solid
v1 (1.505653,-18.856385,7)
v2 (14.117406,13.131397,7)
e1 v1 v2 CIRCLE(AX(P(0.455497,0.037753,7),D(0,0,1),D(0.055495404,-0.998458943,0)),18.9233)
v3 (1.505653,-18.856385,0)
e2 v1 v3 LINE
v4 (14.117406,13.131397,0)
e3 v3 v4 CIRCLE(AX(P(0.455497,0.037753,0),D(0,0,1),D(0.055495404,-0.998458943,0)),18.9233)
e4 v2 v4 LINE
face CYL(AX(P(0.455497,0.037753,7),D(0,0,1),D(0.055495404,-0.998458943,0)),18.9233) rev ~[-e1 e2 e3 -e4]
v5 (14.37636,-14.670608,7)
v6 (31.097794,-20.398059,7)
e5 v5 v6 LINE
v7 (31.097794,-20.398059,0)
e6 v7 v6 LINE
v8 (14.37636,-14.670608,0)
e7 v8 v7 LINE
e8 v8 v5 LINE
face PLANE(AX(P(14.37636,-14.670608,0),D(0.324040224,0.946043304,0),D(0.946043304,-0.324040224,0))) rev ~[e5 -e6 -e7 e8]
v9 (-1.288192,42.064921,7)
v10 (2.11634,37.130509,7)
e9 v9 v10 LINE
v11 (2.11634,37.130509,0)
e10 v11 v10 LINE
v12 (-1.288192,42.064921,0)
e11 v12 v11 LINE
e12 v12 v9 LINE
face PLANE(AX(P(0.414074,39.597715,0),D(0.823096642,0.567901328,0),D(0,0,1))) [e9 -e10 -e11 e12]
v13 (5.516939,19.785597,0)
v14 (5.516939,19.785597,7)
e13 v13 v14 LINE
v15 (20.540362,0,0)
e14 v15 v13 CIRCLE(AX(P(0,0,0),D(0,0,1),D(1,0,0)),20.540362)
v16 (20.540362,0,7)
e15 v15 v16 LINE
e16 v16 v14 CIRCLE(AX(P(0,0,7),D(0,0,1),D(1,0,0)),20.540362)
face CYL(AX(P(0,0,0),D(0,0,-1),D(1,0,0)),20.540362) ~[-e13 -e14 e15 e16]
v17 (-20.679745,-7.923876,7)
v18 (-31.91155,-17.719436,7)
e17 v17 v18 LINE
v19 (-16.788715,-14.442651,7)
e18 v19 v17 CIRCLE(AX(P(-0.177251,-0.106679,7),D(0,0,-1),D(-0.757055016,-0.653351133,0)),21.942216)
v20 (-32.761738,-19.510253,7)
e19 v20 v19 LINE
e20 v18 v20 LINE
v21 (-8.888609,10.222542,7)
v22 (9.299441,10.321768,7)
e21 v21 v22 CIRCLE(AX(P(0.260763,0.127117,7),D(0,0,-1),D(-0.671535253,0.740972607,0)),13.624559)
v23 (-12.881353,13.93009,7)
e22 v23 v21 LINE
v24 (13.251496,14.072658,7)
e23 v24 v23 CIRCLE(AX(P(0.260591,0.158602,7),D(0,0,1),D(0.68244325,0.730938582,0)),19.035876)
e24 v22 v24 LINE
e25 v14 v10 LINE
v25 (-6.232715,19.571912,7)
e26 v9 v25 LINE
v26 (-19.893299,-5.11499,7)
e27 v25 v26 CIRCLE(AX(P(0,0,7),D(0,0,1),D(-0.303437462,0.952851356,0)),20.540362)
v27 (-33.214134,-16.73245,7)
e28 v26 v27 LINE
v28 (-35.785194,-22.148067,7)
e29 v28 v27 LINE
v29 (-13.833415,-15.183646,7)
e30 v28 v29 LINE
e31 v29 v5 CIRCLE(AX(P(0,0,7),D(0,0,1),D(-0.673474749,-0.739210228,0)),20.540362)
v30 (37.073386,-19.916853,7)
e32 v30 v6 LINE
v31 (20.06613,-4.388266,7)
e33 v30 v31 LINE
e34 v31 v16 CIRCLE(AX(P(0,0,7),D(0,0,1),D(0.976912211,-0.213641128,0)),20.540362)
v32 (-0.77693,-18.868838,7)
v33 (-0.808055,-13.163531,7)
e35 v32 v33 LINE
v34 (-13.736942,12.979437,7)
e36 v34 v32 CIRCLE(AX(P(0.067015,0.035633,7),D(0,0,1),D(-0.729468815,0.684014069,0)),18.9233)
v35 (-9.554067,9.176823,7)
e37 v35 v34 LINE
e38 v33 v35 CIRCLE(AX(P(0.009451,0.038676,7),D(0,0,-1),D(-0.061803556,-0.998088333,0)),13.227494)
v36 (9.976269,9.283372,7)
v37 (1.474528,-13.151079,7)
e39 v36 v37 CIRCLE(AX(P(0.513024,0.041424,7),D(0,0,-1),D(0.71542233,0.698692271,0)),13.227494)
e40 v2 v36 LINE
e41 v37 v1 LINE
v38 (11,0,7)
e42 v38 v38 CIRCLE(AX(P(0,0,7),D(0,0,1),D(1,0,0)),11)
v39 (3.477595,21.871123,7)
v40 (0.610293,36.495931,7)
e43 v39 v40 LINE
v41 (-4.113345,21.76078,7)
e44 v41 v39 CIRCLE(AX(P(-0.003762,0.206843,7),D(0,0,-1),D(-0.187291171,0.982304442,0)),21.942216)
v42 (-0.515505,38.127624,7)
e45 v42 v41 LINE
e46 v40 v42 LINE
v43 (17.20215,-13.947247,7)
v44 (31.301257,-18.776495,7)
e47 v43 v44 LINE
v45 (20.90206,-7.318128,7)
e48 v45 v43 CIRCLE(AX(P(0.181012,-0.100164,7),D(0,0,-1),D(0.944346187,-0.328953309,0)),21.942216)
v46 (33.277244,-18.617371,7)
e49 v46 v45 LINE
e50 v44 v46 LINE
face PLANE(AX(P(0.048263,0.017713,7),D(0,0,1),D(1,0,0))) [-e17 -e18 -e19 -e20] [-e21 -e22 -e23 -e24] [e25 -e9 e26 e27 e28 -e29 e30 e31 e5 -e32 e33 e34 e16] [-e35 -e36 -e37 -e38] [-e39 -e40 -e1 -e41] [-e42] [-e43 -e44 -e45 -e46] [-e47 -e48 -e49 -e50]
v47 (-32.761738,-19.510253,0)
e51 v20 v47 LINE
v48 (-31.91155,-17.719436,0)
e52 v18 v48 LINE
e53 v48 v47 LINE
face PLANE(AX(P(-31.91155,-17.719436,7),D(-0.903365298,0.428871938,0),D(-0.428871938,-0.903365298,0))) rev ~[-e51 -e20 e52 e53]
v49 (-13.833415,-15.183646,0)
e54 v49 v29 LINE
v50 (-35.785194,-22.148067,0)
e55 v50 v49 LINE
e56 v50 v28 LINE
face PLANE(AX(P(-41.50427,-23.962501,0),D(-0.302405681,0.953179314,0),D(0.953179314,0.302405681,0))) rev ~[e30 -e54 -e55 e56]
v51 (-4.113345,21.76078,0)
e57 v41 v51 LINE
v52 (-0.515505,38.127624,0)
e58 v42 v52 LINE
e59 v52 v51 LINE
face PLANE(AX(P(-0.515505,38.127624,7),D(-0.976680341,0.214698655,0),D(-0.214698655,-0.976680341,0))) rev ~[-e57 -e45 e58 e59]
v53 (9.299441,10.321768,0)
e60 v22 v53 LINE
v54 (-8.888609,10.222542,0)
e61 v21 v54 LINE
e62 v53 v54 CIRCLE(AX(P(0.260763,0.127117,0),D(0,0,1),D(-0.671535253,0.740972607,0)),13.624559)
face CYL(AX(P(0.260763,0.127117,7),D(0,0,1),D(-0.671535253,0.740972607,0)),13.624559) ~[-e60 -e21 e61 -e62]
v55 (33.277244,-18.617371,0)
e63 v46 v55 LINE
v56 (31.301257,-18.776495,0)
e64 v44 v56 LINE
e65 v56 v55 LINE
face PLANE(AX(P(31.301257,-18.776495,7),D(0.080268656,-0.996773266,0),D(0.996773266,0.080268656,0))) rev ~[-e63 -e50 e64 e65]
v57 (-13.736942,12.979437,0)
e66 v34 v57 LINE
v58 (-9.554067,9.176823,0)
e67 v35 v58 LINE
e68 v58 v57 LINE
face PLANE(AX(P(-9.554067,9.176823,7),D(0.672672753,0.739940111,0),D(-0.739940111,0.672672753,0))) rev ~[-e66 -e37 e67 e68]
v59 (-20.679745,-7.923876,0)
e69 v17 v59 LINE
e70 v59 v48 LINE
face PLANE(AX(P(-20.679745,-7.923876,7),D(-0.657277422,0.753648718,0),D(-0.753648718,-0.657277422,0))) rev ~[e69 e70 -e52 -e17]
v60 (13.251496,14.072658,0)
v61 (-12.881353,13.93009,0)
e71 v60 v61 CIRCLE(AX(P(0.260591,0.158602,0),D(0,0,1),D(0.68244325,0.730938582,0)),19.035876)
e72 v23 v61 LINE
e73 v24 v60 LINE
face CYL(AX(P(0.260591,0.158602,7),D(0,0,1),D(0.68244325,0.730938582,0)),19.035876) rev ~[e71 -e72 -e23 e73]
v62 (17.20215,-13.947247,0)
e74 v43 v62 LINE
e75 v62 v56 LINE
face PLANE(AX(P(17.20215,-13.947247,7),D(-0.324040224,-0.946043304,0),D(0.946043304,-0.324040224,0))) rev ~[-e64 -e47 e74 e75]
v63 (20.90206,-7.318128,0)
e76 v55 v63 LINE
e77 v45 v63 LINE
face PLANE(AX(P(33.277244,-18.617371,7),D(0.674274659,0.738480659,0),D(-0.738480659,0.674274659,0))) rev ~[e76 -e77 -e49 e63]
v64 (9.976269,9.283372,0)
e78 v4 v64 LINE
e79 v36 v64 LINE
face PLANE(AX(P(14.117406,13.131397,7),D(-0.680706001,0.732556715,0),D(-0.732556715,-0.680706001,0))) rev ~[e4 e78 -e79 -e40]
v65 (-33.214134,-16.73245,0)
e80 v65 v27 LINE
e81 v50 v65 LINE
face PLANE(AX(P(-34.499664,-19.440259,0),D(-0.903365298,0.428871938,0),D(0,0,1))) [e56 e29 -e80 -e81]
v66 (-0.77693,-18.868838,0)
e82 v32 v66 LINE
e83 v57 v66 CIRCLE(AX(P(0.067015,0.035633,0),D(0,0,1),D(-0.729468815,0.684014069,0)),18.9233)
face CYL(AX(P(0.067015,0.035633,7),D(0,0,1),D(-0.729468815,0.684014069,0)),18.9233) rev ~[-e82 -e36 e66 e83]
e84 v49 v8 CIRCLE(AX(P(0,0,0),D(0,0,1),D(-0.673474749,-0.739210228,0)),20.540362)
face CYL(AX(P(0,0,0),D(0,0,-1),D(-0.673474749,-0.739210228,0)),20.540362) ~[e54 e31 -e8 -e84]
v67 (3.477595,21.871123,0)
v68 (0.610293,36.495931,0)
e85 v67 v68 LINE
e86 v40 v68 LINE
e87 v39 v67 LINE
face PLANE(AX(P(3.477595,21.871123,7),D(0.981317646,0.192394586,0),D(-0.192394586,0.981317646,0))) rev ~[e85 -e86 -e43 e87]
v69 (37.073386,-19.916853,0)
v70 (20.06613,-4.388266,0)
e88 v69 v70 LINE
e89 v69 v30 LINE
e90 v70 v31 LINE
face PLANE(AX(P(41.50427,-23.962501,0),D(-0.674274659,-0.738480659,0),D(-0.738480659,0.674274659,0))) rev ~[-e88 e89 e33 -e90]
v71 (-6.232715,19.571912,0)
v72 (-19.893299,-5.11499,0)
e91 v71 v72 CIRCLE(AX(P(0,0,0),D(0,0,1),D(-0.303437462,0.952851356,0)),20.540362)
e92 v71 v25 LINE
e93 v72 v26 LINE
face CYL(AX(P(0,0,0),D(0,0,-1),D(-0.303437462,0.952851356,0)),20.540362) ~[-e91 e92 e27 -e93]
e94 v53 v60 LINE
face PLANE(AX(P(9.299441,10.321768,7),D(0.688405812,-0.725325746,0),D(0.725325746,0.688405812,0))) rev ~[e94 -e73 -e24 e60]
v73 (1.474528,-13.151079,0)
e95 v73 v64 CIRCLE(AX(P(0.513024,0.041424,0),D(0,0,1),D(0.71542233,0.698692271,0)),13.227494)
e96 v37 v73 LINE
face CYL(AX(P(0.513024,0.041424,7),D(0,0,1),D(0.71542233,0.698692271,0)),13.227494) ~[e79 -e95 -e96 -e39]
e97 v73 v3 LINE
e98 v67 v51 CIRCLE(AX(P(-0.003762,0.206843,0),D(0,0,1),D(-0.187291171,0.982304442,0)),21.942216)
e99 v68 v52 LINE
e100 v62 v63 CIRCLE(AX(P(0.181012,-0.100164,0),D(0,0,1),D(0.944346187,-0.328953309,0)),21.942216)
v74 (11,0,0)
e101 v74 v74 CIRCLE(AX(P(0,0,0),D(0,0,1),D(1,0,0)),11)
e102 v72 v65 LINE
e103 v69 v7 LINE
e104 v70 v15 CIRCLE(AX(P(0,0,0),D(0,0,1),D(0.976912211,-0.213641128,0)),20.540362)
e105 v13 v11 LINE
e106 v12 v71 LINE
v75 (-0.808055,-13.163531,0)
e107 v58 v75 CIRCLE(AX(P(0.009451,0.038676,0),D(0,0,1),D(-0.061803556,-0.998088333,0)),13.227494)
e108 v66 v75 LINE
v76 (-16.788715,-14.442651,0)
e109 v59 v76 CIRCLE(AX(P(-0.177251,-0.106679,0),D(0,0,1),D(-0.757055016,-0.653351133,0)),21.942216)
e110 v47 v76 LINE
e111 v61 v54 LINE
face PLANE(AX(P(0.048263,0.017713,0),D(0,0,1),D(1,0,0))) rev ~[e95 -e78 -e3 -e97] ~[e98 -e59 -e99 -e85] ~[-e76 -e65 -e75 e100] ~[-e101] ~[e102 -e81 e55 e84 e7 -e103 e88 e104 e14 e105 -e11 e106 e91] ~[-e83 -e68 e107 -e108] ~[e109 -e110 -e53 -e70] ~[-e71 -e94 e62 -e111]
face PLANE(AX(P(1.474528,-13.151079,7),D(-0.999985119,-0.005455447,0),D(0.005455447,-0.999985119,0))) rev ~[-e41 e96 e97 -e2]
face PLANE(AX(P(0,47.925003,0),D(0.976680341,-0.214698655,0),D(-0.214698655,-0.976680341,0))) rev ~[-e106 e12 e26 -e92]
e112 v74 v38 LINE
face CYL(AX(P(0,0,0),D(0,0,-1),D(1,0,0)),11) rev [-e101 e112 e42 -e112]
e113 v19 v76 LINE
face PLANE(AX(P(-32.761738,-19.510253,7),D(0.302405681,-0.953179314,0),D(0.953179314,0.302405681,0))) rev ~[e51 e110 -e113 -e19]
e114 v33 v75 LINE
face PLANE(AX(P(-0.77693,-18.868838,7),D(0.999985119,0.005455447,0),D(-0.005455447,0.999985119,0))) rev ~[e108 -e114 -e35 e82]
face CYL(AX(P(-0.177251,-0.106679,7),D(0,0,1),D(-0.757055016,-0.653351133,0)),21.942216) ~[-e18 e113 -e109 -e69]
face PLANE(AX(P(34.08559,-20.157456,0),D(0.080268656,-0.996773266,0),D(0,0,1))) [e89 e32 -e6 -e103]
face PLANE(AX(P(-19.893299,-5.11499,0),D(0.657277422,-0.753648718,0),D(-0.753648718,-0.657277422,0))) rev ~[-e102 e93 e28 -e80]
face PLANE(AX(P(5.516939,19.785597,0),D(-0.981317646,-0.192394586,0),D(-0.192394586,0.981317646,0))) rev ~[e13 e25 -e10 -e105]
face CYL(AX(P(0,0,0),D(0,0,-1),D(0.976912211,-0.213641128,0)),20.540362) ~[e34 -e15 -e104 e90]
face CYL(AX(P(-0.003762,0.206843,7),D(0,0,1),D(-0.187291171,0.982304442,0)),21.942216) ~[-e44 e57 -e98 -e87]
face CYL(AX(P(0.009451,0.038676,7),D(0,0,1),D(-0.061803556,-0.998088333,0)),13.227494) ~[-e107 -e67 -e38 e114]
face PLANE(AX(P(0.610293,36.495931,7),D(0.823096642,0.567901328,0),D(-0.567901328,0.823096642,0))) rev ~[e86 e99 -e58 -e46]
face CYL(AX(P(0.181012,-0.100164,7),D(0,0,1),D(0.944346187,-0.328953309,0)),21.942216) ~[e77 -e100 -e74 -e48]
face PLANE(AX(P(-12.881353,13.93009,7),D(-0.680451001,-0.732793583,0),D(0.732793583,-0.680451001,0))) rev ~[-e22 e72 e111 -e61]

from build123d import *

# Parameters (mm, degrees)
F0_R       = 11
F1_DEPTH   = 7
F3_DEPTH   = 25
F4_SIZE2   = 11
F4_SIZE    = 6
F4_2_SIZE2 = 11
F4_2_SIZE  = 6
F4_3_SIZE2 = 11
F4_3_SIZE  = 6
F6_DEPTH   = 25


with BuildPart() as f1:
    # F0 (on Top) → F1 (new body)
    with BuildSketch(Plane.XY):
        with BuildLine():
            ThreePointArc((20.0661304609, -4.388266099), (20.4214599699, -2.2069081826), (20.5403619985, 0))
            ThreePointArc((20.5403619985, 0), (16.3588873239, 12.4214844746), (5.5169386953, 19.7855972481))
            ThreePointArc((5.5169386953, 19.7855972481), (-0.3734961981, 20.5369659789), (-6.2327153102, 19.5719117843))
            ThreePointArc((-6.2327153102, 19.5719117843), (-17.9722823534, 9.9450257937), (-19.8932991935, -5.1149895628))
            ThreePointArc((-19.8932991935, -5.1149895628), (-17.5987861554, -10.5919401852), (-13.8334151507, -15.1836456853))
            ThreePointArc((-13.8334151507, -15.1836456853), (0.3734961981, -20.5369659789), (14.3763604982, -14.6706076853))
            ThreePointArc((14.3763604982, -14.6706076853), (17.9722823534, -9.9450257937), (20.0661304609, -4.388266099))
        make_face()
        Circle(F0_R, mode=Mode.SUBTRACT)
        with BuildLine():
            ThreePointArc((-6.2327153102, 19.5719117843), (-0.3734961981, 20.5369659789), (5.5169386953, 19.7855972481))
            Line((5.5169386953, 19.7855972481), (0, 47.9250028729))
            Line((0, 47.9250028729), (-6.2327153102, 19.5719117843))
        make_face()
        with BuildLine():
            Line((41.5042699644, -23.9625014365), (20.0661304609, -4.388266099))
            ThreePointArc((20.0661304609, -4.388266099), (17.9722823534, -9.9450257937), (14.3763604982, -14.6706076853))
            Line((14.3763604982, -14.6706076853), (41.5042699644, -23.9625014365))
        make_face()
        with BuildLine():
            ThreePointArc((-13.8334151507, -15.1836456853), (-17.5987861554, -10.5919401852), (-19.8932991935, -5.1149895628))
            Line((-19.8932991935, -5.1149895628), (-41.5042699644, -23.9625014365))
            Line((-41.5042699644, -23.9625014365), (-13.8334151507, -15.1836456853))
        make_face()
    extrude(amount=F1_DEPTH)

    # F2 (on face) → F3 (cut)
    with BuildSketch(Plane.XY.offset(7)):
        with BuildLine():
            Line((-9.5540666953, 9.1768233106), (-13.7369418517, 12.9794366658))
            ThreePointArc((-13.7369418517, 12.9794366658), (-17.4606316299, -7.0968885961), (-0.7769295863, -18.868837785))
            Line((-0.7769295863, -18.868837785), (-0.8080550469, -13.1635311991))
            ThreePointArc((-0.8080550469, -13.1635311991), (-12.3077837352, -4.7833902956), (-9.5540666953, 9.1768233106))
        make_face()
        with BuildLine():
            ThreePointArc((1.5056530058, -18.8563850914), (18.0599213945, -6.9031052193), (14.1174058688, 13.1313968438))
            Line((14.1174058688, 13.1313968438), (9.9762689865, 9.2833716066))
            ThreePointArc((9.9762689865, 9.2833716066), (12.882138258, -4.6459659672), (1.4745275451, -13.1510785055))
            Line((1.4745275451, -13.1510785055), (1.5056530058, -18.8563850914))
        make_face()
        with BuildLine():
            ThreePointArc((13.2514961216, 14.0726582684), (0.156741732, 19.1941948225), (-12.8813534975, 13.9300897717))
            Line((-12.8813534975, 13.9300897717), (-8.888608776, 10.2225420997))
            ThreePointArc((-8.888608776, 10.2225420997), (0.1864346526, 13.7514732817), (9.2994411209, 10.3217675178))
            Line((9.2994411209, 10.3217675178), (13.2514961216, 14.0726582684))
        make_face()
    extrude(amount=-F3_DEPTH, mode=Mode.SUBTRACT)

    # F4
    f4_edges = [f1.edges().sort_by_distance(p)[0] for p in [
        (-41.50427, -23.962501, 3.5),
    ]]
    f4_side = f1.faces().sort_by_distance((-27.668843, -19.573074, 3.5))[0]
    chamfer(f4_edges, length=F4_SIZE, length2=F4_SIZE2, reference=f4_side)

    # F4#2
    f4_2_edges = [f1.edges().sort_by_distance(p)[0] for p in [
        (0, 47.925003, 3.5),
    ]]
    f4_2_side = f1.faces().sort_by_distance((-3.116358, 33.748457, 3.5))[0]
    chamfer(f4_2_edges, length=F4_2_SIZE, length2=F4_2_SIZE2, reference=f4_2_side)

    # F4#3
    f4_3_edges = [f1.edges().sort_by_distance(p)[0] for p in [
        (41.50427, -23.962501, 3.5),
    ]]
    f4_3_side = f1.faces().sort_by_distance((30.7852, -14.175384, 3.5))[0]
    chamfer(f4_3_edges, length=F4_3_SIZE, length2=F4_3_SIZE2, reference=f4_3_side)

    # F5 (on face) → F6 (cut)
    with BuildSketch(Plane.XY.offset(7)):
        with BuildLine():
            ThreePointArc((-4.1133450785, 21.7607795339), (-0.3226835167, 22.146741457), (3.4775948856, 21.8711226117))
            Line((3.4775948856, 21.8711226117), (0.6102930376, 36.4959307173))
            Line((0.6102930376, 36.4959307173), (-0.515505202, 38.1276239452))
            Line((-0.515505202, 38.1276239452), (-4.1133450785, 21.7607795339))
        make_face()
        with BuildLine():
            Line((-20.6797452338, -7.9238757909), (-31.9115496548, -17.7194360843))
            Line((-31.9115496548, -17.7194360843), (-32.7617383215, -19.5102525733))
            Line((-32.7617383215, -19.5102525733), (-16.7887153433, -14.4426510995))
            ThreePointArc((-16.7887153433, -14.4426510995), (-19.0182989544, -11.3528228513), (-20.6797452338, -7.9238757909))
        make_face()
        with BuildLine():
            Line((17.2021503482, -13.9472468209), (31.3012566171, -18.776494633))
            Line((31.3012566171, -18.776494633), (33.2772435235, -18.6173713719))
            Line((33.2772435235, -18.6173713719), (20.9020604218, -7.3181284344))
            ThreePointArc((20.9020604218, -7.3181284344), (19.3409824711, -10.7939186057), (17.2021503482, -13.9472468209))
        make_face()
    extrude(amount=-F6_DEPTH, mode=Mode.SUBTRACT)


solid = f1.part
